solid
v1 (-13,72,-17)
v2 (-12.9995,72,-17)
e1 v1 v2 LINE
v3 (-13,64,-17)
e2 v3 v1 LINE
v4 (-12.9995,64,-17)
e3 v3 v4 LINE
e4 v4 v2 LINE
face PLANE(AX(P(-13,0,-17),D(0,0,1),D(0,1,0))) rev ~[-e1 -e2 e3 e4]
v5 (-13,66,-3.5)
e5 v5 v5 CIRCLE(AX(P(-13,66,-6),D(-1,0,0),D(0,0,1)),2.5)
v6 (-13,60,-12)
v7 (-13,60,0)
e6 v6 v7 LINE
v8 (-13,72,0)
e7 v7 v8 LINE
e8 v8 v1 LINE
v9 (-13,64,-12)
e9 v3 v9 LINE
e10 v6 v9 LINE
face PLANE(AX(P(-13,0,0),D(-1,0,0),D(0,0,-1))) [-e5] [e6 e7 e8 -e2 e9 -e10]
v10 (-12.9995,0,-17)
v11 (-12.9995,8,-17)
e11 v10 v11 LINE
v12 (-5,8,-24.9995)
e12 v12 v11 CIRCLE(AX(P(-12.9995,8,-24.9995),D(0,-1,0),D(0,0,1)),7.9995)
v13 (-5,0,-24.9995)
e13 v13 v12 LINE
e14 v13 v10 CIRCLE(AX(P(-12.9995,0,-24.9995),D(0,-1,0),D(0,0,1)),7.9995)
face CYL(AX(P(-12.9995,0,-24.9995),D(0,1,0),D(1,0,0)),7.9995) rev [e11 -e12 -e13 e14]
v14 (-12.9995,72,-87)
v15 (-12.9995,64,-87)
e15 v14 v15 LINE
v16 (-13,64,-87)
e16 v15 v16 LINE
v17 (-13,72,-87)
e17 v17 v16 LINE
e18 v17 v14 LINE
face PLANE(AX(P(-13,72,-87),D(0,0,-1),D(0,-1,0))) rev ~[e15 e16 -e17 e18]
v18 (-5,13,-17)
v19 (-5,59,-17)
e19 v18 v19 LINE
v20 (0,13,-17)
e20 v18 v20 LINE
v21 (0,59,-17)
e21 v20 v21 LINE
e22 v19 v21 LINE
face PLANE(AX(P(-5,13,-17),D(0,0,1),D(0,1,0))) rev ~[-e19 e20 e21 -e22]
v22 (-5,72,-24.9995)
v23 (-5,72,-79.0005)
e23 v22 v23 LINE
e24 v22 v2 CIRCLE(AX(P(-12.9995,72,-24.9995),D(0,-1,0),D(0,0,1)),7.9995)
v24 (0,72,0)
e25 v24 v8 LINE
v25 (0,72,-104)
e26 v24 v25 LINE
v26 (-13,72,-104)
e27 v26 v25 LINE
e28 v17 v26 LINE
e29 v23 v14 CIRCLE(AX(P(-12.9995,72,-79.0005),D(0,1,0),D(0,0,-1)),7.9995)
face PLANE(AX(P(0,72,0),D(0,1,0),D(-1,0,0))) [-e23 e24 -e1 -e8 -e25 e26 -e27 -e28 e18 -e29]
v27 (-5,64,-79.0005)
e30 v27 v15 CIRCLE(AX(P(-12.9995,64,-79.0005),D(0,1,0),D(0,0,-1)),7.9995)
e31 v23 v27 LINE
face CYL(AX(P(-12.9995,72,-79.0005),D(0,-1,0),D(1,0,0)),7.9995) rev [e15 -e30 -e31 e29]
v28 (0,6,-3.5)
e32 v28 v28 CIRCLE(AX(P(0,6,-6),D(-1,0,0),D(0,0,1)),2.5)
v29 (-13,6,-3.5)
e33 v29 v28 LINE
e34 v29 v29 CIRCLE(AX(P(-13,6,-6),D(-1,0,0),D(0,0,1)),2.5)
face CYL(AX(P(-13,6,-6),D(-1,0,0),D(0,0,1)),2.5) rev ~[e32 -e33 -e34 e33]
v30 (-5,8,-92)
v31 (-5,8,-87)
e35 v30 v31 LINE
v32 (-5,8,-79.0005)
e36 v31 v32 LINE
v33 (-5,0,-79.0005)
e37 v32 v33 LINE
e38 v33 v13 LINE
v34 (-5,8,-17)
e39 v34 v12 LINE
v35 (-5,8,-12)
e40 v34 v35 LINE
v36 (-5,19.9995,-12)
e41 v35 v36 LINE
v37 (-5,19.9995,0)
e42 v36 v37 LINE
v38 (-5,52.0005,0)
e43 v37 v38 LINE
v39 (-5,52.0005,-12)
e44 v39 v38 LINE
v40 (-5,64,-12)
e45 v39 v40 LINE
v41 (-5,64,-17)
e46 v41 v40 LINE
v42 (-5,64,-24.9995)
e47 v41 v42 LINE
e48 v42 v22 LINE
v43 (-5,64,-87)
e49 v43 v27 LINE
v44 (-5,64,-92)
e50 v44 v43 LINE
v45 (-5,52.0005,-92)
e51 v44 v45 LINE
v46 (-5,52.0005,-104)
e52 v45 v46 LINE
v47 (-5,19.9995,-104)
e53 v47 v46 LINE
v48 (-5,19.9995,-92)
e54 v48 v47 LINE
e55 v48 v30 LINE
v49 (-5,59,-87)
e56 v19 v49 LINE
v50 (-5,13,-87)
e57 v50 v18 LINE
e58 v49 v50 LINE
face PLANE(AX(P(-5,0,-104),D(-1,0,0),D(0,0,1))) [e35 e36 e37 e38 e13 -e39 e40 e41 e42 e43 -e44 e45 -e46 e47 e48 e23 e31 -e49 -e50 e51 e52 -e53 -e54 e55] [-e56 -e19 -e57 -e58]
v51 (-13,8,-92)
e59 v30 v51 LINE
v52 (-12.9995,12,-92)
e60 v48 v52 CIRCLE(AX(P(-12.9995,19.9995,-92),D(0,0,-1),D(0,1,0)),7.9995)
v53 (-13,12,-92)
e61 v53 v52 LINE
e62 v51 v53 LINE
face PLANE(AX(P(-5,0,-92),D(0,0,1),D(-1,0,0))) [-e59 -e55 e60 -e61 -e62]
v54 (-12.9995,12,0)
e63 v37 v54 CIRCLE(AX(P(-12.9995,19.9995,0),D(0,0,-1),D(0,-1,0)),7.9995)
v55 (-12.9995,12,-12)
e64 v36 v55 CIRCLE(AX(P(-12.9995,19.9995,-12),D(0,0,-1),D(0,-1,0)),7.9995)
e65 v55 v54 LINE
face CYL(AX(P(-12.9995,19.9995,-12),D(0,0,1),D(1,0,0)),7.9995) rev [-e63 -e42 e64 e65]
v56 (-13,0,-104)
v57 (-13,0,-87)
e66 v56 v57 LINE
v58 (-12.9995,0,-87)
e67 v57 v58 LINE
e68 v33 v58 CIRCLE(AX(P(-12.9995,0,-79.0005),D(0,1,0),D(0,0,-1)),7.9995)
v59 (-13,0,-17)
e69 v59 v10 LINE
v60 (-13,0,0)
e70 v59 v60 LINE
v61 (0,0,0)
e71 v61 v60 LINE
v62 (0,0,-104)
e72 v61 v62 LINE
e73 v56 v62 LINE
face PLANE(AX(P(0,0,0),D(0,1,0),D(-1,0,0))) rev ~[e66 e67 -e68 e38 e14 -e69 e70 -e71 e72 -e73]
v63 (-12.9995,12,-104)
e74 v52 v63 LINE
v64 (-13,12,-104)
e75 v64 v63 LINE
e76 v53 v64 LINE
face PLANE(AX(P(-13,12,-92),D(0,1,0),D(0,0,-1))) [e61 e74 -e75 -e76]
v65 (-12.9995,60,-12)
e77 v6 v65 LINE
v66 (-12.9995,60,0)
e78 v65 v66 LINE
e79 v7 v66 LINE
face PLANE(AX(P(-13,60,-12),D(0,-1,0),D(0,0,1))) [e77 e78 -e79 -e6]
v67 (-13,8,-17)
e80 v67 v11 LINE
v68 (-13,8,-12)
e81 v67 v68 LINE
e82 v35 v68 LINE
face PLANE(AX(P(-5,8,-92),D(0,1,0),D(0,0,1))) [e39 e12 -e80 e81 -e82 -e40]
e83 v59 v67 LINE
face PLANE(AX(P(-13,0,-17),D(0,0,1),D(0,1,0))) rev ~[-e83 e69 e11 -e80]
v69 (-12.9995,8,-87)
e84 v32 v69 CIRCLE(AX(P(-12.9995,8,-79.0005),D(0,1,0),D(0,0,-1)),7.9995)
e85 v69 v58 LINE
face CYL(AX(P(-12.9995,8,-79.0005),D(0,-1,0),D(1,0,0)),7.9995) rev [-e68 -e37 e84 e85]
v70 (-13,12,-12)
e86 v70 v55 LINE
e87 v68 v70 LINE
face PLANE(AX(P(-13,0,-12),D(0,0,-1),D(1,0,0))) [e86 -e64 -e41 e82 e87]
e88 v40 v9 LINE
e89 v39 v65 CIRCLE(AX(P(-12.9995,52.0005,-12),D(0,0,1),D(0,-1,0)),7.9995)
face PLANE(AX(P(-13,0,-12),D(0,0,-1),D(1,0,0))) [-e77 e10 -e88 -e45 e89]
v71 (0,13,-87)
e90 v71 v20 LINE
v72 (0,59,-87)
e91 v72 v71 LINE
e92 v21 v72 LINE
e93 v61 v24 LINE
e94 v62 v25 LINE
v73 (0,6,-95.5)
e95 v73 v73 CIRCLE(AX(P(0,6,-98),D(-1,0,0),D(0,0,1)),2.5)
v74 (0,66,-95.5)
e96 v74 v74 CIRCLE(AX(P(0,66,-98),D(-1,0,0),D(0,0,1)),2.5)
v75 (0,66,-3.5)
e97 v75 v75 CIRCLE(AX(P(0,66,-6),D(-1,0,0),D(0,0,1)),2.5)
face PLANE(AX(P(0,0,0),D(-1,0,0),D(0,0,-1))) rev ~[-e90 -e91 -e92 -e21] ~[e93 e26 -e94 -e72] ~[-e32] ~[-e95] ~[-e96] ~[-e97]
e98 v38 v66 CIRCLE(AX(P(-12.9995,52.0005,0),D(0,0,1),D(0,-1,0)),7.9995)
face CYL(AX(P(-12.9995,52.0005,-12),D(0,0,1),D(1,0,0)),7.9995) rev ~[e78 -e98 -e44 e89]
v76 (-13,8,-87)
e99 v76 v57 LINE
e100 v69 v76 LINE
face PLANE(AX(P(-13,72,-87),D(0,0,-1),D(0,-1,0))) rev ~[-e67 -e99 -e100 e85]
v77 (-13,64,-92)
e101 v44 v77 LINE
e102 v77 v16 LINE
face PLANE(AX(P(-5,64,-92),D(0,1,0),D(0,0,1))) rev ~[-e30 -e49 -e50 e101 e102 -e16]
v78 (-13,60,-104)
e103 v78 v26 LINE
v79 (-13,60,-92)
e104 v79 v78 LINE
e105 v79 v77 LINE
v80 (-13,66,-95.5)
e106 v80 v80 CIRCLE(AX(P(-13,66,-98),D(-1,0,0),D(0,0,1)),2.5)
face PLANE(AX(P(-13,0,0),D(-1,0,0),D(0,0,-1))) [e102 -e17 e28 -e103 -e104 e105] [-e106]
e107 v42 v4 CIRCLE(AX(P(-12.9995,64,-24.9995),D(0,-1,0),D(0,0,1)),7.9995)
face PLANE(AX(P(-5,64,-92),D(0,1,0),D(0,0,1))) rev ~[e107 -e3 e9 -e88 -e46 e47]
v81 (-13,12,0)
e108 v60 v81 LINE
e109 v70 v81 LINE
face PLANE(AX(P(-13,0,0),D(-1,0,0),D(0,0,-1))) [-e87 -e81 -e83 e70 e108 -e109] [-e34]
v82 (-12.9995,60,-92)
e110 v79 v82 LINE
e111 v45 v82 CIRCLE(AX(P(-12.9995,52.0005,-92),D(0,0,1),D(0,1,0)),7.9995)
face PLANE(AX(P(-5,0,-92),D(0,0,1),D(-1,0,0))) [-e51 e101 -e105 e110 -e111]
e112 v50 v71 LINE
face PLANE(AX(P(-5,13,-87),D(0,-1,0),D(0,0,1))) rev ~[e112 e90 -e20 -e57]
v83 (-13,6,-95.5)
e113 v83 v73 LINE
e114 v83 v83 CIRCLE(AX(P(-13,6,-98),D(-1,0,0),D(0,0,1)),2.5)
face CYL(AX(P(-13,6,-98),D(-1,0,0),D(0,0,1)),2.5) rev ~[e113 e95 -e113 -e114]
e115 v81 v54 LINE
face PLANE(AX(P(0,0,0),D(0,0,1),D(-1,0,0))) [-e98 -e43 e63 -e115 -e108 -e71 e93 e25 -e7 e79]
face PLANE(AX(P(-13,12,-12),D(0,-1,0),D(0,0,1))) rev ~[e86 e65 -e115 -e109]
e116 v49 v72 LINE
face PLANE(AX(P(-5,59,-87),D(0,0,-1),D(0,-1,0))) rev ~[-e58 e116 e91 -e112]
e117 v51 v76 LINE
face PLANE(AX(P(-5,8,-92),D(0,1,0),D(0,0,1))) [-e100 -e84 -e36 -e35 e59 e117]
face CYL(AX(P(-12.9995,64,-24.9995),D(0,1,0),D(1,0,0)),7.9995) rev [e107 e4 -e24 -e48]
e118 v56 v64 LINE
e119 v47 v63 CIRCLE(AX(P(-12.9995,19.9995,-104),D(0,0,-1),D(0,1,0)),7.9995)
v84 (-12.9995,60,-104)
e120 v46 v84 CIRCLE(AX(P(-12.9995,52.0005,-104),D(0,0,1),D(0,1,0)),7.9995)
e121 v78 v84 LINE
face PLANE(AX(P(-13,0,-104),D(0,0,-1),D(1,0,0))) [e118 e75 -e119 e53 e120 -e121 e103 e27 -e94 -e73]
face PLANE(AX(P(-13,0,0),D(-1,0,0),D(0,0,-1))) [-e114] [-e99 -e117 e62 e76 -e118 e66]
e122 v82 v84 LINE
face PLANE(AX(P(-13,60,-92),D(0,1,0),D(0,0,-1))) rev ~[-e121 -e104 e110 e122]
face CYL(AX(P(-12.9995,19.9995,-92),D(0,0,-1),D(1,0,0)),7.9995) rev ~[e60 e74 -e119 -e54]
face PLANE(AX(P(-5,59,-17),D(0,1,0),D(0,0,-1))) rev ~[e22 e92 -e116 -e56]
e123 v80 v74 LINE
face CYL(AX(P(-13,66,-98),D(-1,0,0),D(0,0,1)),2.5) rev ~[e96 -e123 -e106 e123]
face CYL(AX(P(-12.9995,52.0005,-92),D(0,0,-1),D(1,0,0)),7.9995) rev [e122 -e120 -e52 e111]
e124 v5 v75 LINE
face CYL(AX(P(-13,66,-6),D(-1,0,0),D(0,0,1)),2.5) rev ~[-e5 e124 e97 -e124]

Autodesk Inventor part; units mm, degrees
ref_plane "YZ Plane" through (0, 0, 0) normal (1, 0, 0) x (0, 1, 0)
ref_plane "XZ Plane" through (0, 0, 0) normal (0, 1, 0) x (-1, 0, 0)
ref_plane "XY Plane" through (0, 0, 0) normal (0, 0, 1) x (1, 0, 0)
sketch "Sketch1" plane through (0, 0, 0) normal (0, 1, 0) x (-1, 0, 0)
  line L0 (0, 0) -> (0, -104)
  line L1 (0, 0) -> (13, 0)
  line L2 (13, 0) -> (13, -12)
  line L3 (13, -12) -> (5, -12)
  line L4 (5, -12) -> (5, -92)
  line L5 (5, -92) -> (13, -92)
  line L6 (13, -92) -> (13, -104)
  line L7 (13, -104) -> (0, -104)
  dimension "d0" = 104
  dimension "d1" = 13
  dimension "d2" = 12
  dimension "d3" = 8
  dimension "d4" = 80
  dimension "d5" = 8
extrude "Extrusion1" add sketch "Sketch1" along normal blind 72
sketch "Sketch3" plane through (-5, 0, -92) normal (-1, 0, 0) x (0, 0, 1)
  line L0 (0, 0) -> (80, 0) projected
  line L1 (0, 0) -> (80, 0) projected
  line L2 (80, 0) -> (80, 72) projected
  line L3 (0, 72) -> (80, 72) projected
  line L4 (0, 0) -> (0, 72) projected
  line L5 (0, 0) -> (0, 72) projected
  line L6 (80, 0) -> (0, 0)
  line L7 (0, 0) -> (0, 8)
  line L8 (0, 8) -> (80, 8)
  line L9 (80, 8) -> (80, 0)
  line L10 (80, 0) -> (80, 72) projected
  line L11 (80, 72) -> (0, 72)
  line L12 (0, 72) -> (0, 64)
  line L13 (0, 64) -> (80, 64)
  line L14 (80, 64) -> (80, 72)
  point P0 (92, 0)
  dimension "d14" = 8
  dimension "d15" = 8
extrude "Extrusion3" add sketch "Sketch3" along normal blind 8 contours L4 L8 L2 L0 | L4 L3 L2 L13
sketch "Sketch4" plane through (-13, 0, -104) normal (-1, 0, 0) x (0, 0, 1)
  circle A0 centre (98, 66) radius 2.5
  line L0 (0, 72) -> (104, 72) projected
  line L1 (0, 0) -> (0, 72) projected
  line L2 (0, 0) -> (104, 0) projected
  line L3 (104, 0) -> (104, 72) projected
  line L4 (12, 64) -> (92, 64) projected
  line L5 (92, 8) -> (92, 64) projected
  line L6 (92, 8) -> (12, 8) projected
  line L7 (12, 8) -> (12, 64) projected
  circle A1 centre (6, 6) radius 2.5
  circle A2 centre (98, 6) radius 2.5
  circle A3 centre (6, 66) radius 2.5
  line L8 (0, 0) -> (0, 72) projected
  line L9 (104, 0) -> (104, 72) projected
  dimension "d18" = 5
  dimension "d19" = 6
  dimension "d20" = 6
  dimension "d25" = 5
  dimension "d31" = 5
  dimension "d32" = 5
  dimension "d37" = 6
  dimension "d38" = 6
  dimension "d46" = 6
  dimension "d47" = 6
extrude "Extrusion5" cut sketch "Sketch4" against normal through all contours A0 | A1 | A2 | A3
sketch "Sketch5" plane through (-5, 8, -92) normal (-1, 0, 0) x (0, 0, 1)
  line L0 (80, 0) -> (0, 0) projected
  line L1 (5, 5) -> (75, 5)
  line L2 (75, 5) -> (75, 51)
  line L3 (75, 51) -> (5, 51)
  line L4 (5, 51) -> (5, 5)
  line L5 (0, 0) -> (0, 56) projected
  line L6 (80, 56) -> (0, 56) projected
  line L7 (0, 0) -> (0, 56) projected
  line L8 (0, 0) -> (80, 0) projected
  line L9 (80, 0) -> (80, 56) projected
  line L10 (0, 56) -> (80, 56) projected
  line L11 (80, 0) -> (80, 56) projected
  point P0 (92, -8)
  dimension "d50" = 5
  dimension "d51" = 5
  dimension "d52" = 5
  dimension "d53" = 5
extrude "Extrusion6" cut sketch "Sketch5" against normal through all contours L4 L3 L2 L1
sketch "Sketch6" plane through (-13, 0, -104) normal (-1, 0, 0) x (0, 0, 1)
  line L0 (92, 8) -> (92, 64) projected
  line L1 (92, 12) -> (104, 12)
  line L2 (104, 0) -> (104, 72) projected
  line L3 (92, 60) -> (104, 60)
  line L4 (12, 8) -> (12, 64) projected
  line L5 (12, 12) -> (0, 12)
  line L6 (0, 0) -> (0, 72) projected
  line L7 (12, 60) -> (0, 60)
  line L8 (0, 72) -> (104, 72) projected
  line L9 (0, 0) -> (104, 0) projected
  line L10 (0, 12) -> (0, 60)
  line L11 (12, 12) -> (12, 60)
  line L12 (92, 12) -> (92, 60)
  line L13 (104, 12) -> (104, 60)
  dimension "d56" = 12
  dimension "d57" = 12
extrude "Extrusion7" cut sketch "Sketch6" against normal blind 8 contours L0 L3 L2 L1 | L6 L7 L4 L5
fillet "Fillet1" radius 8 1 edges at (-5, 12, -98)
fillet "Fillet2" radius 8 1 edges at (-5, 60, -98)
fillet "Fillet3" radius 8 2 edges at (-5, 12, -6) (-5, 60, -6)
sketch "Sketch7" plane through (-13, 72, -104) normal (-1, 0, 0) x (0, 0, 1)
  line L0 (104, 0) -> (0, 0) projected
  line L1 (17, -72) -> (87, -72)
  line L2 (87, -72) -> (87, 0)
  line L3 (87, 0) -> (17, 0)
  line L4 (17, 0) -> (17, -72)
  line L5 (0, -72) -> (0, -60) projected
  point P0 (104, -72)
  dimension "d63" = 17
  dimension "d64" = 17
  dimension "d65" = 72
extrude "Extrusion8" cut sketch "Sketch7" against normal blind 8
fillet "Fillet4" radius 8 4 edges at (-5, 4, -87) (-5, 68, -87) (-5, 4, -17) (-5, 68, -17)
properties part number "batteryholder"
